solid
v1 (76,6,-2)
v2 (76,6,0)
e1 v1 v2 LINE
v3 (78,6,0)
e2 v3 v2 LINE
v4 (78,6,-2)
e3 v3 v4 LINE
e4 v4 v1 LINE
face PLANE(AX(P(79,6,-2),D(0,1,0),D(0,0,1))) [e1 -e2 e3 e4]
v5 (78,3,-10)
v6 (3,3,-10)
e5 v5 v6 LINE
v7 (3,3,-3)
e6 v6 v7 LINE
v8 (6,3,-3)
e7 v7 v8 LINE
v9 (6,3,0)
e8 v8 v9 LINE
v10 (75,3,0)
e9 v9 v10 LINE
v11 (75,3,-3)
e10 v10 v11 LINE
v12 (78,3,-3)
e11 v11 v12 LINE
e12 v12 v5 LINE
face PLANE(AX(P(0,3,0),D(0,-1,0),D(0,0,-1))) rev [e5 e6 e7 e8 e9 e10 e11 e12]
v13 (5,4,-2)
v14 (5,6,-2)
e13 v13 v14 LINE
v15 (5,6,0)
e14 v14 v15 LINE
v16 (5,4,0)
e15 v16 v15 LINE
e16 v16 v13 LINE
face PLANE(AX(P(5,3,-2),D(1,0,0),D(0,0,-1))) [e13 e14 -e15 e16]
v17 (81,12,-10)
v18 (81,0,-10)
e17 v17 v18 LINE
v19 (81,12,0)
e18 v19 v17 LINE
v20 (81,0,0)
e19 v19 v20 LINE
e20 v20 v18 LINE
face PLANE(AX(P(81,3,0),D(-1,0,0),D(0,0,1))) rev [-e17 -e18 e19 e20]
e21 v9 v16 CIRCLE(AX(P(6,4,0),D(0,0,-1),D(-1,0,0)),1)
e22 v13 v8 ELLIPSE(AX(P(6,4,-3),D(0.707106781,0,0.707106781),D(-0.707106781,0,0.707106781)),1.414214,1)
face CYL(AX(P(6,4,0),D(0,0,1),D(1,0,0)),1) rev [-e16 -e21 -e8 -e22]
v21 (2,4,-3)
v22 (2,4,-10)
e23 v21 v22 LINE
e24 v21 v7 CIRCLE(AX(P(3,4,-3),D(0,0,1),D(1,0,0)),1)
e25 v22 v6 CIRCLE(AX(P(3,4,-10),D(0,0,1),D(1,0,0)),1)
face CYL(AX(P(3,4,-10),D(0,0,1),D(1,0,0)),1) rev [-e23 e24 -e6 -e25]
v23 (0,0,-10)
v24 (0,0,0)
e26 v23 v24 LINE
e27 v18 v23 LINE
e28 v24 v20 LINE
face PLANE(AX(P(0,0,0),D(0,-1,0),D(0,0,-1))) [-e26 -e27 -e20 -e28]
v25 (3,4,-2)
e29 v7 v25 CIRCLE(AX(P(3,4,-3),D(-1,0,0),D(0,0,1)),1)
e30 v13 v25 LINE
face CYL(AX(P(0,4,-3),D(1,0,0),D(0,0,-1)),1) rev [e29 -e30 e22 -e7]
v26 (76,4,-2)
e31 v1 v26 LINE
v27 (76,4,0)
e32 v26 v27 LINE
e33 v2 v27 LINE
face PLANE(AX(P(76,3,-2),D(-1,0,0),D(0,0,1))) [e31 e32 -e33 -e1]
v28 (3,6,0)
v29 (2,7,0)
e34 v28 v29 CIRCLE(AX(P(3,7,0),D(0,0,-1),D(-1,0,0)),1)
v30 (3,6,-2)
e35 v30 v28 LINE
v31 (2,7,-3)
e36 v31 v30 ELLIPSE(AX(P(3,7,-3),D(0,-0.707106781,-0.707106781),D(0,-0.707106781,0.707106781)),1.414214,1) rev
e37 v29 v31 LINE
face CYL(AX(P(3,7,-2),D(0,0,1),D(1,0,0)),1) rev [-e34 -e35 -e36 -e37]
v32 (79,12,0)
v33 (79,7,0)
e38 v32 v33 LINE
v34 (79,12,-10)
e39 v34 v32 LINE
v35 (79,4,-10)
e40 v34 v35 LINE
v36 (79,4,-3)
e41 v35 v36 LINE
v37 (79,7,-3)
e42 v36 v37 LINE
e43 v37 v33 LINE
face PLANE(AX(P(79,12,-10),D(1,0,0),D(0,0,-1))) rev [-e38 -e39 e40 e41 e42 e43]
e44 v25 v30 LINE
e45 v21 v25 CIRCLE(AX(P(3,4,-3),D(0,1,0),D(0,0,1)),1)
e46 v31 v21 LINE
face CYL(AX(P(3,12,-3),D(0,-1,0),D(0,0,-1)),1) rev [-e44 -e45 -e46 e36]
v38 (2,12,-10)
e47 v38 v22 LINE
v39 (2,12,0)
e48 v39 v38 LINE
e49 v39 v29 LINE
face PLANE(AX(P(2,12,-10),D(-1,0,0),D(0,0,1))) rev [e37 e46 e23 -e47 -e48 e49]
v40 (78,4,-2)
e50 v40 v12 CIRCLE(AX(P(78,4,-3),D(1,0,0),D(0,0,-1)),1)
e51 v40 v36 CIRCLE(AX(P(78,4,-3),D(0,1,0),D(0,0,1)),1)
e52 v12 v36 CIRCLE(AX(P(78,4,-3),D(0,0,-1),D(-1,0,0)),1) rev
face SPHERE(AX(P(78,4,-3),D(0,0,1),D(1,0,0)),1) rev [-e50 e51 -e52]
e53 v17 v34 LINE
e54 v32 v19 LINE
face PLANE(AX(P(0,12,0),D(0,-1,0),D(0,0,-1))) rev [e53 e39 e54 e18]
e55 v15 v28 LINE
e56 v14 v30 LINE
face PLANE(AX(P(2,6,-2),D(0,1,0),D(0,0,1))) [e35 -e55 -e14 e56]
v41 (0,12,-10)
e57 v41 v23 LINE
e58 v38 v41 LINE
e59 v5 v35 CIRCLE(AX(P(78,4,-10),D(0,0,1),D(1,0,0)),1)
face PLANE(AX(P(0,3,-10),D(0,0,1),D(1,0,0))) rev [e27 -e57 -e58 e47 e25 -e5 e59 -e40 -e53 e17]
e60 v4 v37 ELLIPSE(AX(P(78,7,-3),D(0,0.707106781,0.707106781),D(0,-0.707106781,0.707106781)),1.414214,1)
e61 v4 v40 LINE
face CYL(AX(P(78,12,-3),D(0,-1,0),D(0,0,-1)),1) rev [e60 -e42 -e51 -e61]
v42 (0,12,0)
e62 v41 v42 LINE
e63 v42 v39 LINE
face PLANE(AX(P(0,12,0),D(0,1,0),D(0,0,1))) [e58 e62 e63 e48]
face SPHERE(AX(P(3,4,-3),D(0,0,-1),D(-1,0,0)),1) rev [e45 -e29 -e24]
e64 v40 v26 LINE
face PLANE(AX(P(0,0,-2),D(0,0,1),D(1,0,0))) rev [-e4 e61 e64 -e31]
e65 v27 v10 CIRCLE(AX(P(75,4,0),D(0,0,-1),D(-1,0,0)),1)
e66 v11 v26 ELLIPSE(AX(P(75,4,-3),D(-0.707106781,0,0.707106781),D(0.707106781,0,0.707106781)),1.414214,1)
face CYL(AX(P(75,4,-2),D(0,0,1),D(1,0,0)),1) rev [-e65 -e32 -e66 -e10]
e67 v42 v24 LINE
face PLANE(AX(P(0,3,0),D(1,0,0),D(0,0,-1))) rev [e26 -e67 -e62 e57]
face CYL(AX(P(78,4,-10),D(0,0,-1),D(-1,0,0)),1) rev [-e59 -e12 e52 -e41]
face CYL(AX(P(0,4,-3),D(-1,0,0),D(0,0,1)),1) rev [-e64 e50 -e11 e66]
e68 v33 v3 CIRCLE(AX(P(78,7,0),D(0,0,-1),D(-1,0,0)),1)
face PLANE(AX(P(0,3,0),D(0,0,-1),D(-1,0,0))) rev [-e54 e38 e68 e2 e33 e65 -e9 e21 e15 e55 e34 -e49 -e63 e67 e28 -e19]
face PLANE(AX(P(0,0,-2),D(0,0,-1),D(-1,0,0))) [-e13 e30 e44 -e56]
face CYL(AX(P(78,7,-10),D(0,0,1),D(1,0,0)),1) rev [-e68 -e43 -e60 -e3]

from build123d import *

# Parameters (mm, degrees)
SKETCH1_W           = 81
SKETCH1_H           = 10
BOSS_EXTRUDE1_DEPTH = 3
SKETCH2_W           = 2
SKETCH2_H           = 10
BOSS_EXTRUDE2_DEPTH = 9
SKETCH3_W           = 3
SKETCH3_H           = 3
BOSS_EXTRUDE3_DEPTH = 2
FILLET1_R           = 1
FILLET2_R           = 1


with BuildPart() as part:
    # Sketch1 → Boss-Extrude1 (new body)
    with BuildSketch(Plane(origin=(0, 0, 0), x_dir=(1, 0, 0), z_dir=(0, 1, 0))):
        with Locations((40.5, 5)):
            Rectangle(SKETCH1_W, SKETCH1_H)
    extrude(amount=BOSS_EXTRUDE1_DEPTH)

    # Sketch2 → Boss-Extrude2 (add)
    with BuildSketch(Plane(origin=(0, 3, 0), x_dir=(1, 0, 0), z_dir=(0, 1, 0))):
        with Locations((1, 5)):
            Rectangle(SKETCH2_W, SKETCH2_H)
        with Locations((80, 5)):
            Rectangle(SKETCH2_W, SKETCH2_H)
    extrude(amount=BOSS_EXTRUDE2_DEPTH)

    # Sketch3 → Boss-Extrude3 (add)
    with BuildSketch(Plane.XY):
        with Locations((3.5, 4.5)):
            Rectangle(SKETCH3_W, SKETCH3_H)
        with Locations((77.5, 4.5)):
            Rectangle(SKETCH3_W, SKETCH3_H)
    extrude(amount=-BOSS_EXTRUDE3_DEPTH)

    # Fillet1
    fillet1_edges = [part.edges().sort_by_distance(p)[0] for p in [
        (79, 3, -6),
        (2, 3, -6),
    ]]
    fillet(fillet1_edges, radius=FILLET1_R)

    # Fillet2
    fillet2_edges = [part.edges().sort_by_distance(p)[0] for p in [
        (2, 5, -2),
        (2, 6, -1),
        (5, 3, -1),
        (79, 6, -1),
        (77, 3, -2),
        (76, 3, -1),
        (4, 3, -2),
        (2.292893219, 3.292893219, -2),
        (79, 5, -2),
        (78.707106781, 3.292893219, -2),
    ]]
    fillet(fillet2_edges, radius=FILLET2_R)


solid = part.part
